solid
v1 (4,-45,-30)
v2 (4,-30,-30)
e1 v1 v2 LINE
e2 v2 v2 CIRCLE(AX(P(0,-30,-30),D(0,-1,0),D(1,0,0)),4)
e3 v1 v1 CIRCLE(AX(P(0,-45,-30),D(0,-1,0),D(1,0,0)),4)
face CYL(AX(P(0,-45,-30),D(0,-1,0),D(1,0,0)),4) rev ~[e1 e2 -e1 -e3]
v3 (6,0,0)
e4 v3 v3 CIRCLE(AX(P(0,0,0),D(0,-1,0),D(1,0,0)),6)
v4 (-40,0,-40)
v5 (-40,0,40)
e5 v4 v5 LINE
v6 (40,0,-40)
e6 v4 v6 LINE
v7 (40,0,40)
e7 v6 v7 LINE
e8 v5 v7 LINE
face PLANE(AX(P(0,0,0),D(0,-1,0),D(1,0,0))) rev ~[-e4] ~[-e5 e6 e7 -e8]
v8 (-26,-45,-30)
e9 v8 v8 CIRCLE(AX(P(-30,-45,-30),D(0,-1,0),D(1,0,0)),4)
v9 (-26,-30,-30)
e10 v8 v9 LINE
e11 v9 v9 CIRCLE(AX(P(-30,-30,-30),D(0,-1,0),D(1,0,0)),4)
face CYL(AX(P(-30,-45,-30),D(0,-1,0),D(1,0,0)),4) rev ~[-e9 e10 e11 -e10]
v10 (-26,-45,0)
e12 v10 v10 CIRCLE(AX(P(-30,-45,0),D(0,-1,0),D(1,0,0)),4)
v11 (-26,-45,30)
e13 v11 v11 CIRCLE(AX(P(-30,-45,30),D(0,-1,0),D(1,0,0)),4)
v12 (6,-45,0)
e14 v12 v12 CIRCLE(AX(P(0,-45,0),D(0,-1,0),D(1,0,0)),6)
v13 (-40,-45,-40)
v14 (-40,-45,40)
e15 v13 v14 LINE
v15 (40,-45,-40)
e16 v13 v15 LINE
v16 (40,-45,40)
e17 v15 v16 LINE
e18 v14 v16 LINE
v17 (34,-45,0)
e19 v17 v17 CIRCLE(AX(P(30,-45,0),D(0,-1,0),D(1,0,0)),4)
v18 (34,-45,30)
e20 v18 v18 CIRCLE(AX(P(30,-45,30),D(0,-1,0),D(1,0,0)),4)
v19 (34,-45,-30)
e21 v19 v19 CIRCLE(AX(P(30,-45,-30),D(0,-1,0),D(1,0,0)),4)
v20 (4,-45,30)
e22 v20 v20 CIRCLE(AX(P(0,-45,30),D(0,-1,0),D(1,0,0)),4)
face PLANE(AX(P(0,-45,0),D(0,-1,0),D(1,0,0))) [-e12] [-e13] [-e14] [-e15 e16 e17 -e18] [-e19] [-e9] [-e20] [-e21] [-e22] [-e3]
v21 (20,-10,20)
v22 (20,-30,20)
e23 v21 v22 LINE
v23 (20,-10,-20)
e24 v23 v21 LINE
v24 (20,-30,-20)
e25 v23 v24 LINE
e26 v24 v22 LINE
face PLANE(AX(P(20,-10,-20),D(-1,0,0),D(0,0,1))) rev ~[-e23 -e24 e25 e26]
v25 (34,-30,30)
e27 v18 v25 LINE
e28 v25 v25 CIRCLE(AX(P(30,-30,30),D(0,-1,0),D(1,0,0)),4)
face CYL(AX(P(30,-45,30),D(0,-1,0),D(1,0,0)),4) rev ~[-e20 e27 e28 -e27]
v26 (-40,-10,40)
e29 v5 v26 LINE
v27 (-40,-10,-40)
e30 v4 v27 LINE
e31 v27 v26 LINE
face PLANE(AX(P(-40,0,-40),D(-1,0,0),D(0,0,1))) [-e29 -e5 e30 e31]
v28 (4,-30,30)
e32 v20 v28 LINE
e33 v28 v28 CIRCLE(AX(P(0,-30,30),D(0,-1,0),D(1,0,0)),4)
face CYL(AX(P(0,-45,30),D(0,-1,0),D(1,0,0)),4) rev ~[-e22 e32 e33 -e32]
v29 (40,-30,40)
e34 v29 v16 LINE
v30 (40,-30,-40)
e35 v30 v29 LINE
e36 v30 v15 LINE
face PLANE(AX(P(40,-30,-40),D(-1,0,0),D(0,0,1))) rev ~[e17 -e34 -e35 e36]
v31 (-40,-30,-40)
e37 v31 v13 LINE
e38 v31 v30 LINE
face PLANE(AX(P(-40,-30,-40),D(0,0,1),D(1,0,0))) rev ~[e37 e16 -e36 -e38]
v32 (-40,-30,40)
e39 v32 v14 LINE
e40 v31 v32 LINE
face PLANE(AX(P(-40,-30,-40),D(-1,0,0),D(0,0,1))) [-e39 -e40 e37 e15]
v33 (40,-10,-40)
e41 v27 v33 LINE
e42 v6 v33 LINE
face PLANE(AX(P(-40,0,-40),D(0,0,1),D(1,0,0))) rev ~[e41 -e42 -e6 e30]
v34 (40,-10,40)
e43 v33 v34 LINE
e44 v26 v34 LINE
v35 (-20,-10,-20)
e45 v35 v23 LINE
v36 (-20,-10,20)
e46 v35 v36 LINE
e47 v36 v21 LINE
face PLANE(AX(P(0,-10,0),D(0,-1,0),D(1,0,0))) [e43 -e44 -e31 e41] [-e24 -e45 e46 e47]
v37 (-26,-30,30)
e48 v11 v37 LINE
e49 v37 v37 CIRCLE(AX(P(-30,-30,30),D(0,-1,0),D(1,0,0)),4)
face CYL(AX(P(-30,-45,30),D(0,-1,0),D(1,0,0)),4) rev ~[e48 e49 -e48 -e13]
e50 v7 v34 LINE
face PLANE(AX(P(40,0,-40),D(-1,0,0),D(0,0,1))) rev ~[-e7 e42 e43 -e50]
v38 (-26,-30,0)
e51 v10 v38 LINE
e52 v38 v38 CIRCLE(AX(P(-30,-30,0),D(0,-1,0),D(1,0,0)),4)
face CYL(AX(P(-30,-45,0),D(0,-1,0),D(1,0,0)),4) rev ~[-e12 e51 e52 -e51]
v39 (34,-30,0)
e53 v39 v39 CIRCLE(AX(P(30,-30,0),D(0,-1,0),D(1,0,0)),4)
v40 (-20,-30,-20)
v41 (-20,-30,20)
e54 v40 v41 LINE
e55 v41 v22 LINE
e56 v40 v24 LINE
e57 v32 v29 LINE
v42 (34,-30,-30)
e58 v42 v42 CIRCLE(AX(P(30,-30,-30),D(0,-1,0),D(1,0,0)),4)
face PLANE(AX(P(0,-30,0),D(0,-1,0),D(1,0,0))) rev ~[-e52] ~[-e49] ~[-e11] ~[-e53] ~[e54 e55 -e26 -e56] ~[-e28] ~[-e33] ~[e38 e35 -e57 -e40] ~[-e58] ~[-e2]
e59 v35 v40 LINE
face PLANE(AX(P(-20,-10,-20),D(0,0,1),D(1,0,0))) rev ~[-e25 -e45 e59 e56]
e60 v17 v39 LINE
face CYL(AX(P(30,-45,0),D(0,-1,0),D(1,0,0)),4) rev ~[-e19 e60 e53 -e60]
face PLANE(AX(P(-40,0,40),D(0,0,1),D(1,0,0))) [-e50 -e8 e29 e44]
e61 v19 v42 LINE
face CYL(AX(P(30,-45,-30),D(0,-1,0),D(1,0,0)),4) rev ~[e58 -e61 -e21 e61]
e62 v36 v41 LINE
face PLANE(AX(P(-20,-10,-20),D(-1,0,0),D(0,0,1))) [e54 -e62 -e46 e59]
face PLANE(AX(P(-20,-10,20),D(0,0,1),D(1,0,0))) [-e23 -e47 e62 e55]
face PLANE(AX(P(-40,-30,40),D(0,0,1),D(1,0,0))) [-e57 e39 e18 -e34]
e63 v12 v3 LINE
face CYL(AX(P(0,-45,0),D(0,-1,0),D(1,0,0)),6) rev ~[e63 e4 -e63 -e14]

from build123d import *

# Parameters (mm, degrees)
SKETCH_W        = 80
SKETCH_H        = 80
PAD_DEPTH       = 10
SKETCH001_W     = 40
SKETCH001_H     = 40
PAD001_DEPTH    = 20
SKETCH002_W     = 80
SKETCH002_H     = 80
PAD002_DEPTH    = 15
SKETCH003_R     = 4
POCKET_DEPTH    = 15
SKETCH004_R     = 6
POCKET001_DEPTH = 45.001


with BuildPart() as part:
    # Sketch → Pad (new body)
    with BuildSketch(Plane.XZ):
        Rectangle(SKETCH_W, SKETCH_H)
    extrude(amount=PAD_DEPTH)

    # Sketch001 (on Face6 of Pad) → Pad001 (join)
    with BuildSketch(Plane.XZ.offset(10)):
        Rectangle(SKETCH001_W, SKETCH001_H)
    extrude(amount=PAD001_DEPTH)

    # Sketch002 (on Face11 of Pad001) → Pad002 (join)
    with BuildSketch(Plane.XZ.offset(30)):
        Rectangle(SKETCH002_W, SKETCH002_H)
    extrude(amount=PAD002_DEPTH)

    # Sketch003 (on Face5 of Pad002) → Pocket (cut)
    with BuildSketch(Plane.XZ.offset(45)):
        with Locations((-30, 30)):
            Circle(SKETCH003_R)
        with Locations((30, 30)):
            Circle(SKETCH003_R)
        with Locations((30, -30)):
            Circle(SKETCH003_R)
        with Locations((-30, -30)):
            Circle(SKETCH003_R)
        with Locations((0, -30)):
            Circle(SKETCH003_R)
        with Locations((0, 30)):
            Circle(SKETCH003_R)
        with Locations((-30, 0)):
            Circle(SKETCH003_R)
        with Locations((30, 0)):
            Circle(SKETCH003_R)
    extrude(amount=-POCKET_DEPTH, mode=Mode.SUBTRACT)

    # Sketch004 (on Face5 of Pocket) → Pocket001 (cut, through all)
    with BuildSketch(Plane.XZ.offset(45)):
        Circle(SKETCH004_R)
    extrude(amount=-POCKET001_DEPTH, mode=Mode.SUBTRACT)


solid = part.part
